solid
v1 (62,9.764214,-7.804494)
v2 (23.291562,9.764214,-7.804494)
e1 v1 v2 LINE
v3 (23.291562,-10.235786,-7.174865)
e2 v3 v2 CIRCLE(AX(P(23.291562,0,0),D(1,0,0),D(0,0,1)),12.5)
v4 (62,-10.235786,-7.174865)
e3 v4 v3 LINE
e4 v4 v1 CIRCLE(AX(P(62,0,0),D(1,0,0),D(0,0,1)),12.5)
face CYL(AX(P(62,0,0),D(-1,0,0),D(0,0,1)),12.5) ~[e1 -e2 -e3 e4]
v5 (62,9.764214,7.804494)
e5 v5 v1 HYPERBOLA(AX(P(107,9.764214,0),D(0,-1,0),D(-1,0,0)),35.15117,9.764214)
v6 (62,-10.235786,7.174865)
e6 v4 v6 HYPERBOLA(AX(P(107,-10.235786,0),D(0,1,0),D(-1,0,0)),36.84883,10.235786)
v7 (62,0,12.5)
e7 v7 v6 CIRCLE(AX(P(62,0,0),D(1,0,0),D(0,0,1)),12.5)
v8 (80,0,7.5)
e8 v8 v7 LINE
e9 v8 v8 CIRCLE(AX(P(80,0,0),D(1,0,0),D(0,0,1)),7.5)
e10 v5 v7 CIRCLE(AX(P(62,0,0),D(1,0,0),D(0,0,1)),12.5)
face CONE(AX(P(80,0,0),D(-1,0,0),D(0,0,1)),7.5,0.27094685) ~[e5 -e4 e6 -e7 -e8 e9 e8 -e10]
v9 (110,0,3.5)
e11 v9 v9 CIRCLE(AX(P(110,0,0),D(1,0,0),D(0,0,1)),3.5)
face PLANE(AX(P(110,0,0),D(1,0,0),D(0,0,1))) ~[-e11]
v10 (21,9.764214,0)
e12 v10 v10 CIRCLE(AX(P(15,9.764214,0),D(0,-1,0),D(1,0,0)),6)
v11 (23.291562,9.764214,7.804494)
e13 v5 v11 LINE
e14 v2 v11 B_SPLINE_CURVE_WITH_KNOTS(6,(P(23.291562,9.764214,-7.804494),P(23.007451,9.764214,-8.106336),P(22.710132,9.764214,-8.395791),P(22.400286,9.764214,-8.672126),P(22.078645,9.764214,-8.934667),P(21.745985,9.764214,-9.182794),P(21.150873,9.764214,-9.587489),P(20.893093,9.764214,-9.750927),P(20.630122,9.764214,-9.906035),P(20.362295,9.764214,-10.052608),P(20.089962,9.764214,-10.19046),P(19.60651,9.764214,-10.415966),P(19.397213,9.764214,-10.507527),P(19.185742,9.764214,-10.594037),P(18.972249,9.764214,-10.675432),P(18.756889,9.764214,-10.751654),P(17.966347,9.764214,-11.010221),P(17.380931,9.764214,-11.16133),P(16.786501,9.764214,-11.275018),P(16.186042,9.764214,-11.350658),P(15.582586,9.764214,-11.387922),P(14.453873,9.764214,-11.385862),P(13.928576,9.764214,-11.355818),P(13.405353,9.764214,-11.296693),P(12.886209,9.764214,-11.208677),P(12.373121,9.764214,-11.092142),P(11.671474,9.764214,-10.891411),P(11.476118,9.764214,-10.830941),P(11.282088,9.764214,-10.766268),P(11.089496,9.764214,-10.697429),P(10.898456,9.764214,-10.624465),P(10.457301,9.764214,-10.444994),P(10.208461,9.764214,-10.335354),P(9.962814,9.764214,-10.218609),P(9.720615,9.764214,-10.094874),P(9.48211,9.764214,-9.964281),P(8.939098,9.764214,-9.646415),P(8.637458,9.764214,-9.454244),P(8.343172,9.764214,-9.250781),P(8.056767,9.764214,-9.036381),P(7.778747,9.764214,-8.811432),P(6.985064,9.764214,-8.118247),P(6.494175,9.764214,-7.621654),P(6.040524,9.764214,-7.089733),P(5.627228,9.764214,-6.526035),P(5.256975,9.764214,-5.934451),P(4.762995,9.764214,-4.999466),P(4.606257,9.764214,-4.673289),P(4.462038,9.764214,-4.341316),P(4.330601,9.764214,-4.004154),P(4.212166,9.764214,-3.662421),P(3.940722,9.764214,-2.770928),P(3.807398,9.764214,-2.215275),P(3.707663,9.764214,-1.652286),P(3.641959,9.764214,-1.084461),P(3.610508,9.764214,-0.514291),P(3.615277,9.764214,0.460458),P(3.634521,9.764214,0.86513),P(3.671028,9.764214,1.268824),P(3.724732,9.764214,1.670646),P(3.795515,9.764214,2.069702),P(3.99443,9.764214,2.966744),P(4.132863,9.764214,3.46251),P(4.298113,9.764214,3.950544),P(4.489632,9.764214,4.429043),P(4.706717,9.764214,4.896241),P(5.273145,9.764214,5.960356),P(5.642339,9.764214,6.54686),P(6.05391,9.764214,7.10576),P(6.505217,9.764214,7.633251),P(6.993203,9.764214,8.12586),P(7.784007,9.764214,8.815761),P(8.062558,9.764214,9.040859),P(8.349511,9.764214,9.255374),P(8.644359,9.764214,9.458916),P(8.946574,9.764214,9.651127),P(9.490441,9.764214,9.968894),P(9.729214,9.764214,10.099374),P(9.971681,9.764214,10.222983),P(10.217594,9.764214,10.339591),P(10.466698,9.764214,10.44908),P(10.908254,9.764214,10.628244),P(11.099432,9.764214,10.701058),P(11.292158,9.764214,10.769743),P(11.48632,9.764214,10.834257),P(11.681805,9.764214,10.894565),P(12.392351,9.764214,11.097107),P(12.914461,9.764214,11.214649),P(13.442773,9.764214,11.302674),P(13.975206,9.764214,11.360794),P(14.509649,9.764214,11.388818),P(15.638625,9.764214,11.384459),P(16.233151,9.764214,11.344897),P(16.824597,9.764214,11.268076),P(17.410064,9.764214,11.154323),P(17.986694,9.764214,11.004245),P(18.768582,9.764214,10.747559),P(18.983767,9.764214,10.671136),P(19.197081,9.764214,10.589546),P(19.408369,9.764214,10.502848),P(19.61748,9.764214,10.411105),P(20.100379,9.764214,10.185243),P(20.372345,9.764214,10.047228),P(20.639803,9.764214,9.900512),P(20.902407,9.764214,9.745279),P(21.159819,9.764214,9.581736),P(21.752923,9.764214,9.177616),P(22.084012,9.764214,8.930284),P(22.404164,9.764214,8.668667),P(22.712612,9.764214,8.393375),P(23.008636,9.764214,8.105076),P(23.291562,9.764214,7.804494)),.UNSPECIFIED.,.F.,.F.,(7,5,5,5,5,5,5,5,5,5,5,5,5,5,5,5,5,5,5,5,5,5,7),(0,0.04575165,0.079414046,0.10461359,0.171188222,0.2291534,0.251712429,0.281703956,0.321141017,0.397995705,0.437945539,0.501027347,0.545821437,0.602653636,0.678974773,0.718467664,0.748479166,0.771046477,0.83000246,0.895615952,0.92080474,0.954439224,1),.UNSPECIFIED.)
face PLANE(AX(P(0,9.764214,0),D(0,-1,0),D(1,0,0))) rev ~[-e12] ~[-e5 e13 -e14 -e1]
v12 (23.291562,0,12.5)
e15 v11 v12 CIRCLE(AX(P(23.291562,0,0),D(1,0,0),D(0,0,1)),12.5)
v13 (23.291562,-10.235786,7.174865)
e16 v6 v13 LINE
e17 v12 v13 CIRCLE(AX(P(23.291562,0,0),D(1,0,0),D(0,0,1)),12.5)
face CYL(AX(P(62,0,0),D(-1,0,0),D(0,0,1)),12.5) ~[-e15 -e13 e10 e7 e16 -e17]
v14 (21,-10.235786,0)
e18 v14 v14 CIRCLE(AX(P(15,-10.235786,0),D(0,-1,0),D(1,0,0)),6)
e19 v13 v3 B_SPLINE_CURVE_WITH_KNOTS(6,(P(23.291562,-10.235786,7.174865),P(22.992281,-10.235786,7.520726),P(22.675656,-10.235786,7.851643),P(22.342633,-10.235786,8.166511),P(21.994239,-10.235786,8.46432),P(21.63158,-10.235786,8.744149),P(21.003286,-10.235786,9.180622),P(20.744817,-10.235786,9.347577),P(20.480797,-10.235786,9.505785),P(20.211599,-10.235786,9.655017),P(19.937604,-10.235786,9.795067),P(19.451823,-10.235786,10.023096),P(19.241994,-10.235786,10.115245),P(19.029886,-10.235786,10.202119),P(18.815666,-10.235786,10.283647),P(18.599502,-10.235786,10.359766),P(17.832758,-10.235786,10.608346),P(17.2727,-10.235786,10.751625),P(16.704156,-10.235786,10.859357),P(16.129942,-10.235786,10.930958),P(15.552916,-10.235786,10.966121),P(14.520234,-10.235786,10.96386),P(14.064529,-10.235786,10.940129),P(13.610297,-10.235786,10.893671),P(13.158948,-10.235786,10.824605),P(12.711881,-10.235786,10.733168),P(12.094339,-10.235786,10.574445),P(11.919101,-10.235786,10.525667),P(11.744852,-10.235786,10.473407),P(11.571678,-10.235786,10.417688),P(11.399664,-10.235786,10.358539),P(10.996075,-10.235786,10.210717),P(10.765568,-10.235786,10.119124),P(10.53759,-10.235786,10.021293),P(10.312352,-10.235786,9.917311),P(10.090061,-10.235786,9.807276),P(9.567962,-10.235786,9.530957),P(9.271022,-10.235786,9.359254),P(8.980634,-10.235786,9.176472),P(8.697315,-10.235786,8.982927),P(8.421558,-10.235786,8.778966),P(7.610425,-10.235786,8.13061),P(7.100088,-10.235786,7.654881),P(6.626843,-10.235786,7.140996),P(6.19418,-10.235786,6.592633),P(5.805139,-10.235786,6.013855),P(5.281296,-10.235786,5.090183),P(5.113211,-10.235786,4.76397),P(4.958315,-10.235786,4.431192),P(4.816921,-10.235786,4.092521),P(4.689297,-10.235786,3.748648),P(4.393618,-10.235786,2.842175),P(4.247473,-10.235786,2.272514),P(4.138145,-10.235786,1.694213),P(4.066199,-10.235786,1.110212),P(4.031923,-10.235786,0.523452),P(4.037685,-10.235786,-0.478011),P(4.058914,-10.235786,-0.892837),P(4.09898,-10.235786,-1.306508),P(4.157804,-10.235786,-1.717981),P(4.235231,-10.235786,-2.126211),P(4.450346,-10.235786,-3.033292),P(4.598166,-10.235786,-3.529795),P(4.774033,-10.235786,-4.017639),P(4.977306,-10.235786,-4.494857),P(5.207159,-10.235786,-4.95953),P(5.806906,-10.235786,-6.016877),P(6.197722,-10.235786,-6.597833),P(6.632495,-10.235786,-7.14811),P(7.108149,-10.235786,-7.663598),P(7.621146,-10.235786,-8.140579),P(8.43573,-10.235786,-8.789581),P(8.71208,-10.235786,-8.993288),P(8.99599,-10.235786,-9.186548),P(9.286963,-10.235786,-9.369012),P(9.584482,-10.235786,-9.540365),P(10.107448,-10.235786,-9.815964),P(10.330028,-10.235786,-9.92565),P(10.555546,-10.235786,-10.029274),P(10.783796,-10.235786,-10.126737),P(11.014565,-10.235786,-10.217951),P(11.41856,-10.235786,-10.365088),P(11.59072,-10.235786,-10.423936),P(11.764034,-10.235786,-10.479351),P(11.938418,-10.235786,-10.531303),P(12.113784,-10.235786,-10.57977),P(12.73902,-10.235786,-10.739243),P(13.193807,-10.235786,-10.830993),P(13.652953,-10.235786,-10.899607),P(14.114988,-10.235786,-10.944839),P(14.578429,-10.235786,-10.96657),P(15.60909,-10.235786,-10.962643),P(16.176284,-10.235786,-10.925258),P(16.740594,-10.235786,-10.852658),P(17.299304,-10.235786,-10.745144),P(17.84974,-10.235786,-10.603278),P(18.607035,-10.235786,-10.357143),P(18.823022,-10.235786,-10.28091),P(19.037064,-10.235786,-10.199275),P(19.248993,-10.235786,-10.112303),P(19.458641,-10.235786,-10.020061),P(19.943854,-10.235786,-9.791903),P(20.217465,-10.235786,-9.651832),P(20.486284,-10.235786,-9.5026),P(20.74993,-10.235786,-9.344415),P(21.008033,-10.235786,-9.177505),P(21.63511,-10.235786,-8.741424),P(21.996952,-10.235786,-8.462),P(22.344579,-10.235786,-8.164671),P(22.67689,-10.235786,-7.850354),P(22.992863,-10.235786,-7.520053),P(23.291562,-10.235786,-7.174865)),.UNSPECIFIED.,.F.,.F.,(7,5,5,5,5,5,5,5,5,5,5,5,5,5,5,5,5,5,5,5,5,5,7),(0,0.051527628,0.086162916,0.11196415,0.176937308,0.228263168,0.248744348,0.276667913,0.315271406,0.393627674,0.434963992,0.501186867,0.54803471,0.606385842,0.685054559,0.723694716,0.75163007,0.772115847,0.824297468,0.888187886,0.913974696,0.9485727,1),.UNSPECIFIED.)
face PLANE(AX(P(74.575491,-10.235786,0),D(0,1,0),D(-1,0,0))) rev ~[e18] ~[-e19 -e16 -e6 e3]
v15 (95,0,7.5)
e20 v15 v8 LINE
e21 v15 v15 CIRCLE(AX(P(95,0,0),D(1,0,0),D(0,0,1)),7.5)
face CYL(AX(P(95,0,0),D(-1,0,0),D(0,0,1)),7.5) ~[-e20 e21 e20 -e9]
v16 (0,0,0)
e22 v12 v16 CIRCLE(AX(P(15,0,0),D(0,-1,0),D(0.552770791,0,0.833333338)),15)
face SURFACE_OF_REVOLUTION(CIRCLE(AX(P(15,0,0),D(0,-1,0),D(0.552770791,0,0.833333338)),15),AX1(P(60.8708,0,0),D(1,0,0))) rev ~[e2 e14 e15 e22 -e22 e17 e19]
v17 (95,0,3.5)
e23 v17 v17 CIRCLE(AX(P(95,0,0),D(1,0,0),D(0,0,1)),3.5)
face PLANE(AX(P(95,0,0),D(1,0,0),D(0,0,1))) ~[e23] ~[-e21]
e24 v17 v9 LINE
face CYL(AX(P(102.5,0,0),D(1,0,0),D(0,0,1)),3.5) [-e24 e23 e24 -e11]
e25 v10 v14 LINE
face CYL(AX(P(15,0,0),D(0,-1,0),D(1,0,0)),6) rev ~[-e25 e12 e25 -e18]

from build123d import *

# Parameters (mm, degrees)
F0_W     = 15
F0_H     = 3.5
F2_R     = 6
F3_DEPTH = 50
F5_DEPTH = 25


with BuildPart() as f1:
    # F0 (on Front) → F1 (revolve)
    with BuildSketch(Plane.XZ):
        with BuildLine():
            Line((62, 12.5), (23.291562, 12.5))
            ThreePointArc((23.291562, 12.5), (7.906814, 13.21691), (0, 0))
            Line((0, 0), (62, 0))
            Line((62, 0), (62, 12.5))
        make_face()
        Polygon((80, 7.5), (62, 12.5), (62, 0), (80, 0), align=None)
        Polygon((95, 7.5), (80, 7.5), (80, 0), (95, 0), (95, 3.5), align=None)
        with Locations((102.5, 1.75)):
            Rectangle(F0_W, F0_H)
    revolve(axis=Axis((60.8708, 0, 0), (1, 0, 0)))

    # F2 (on Front) → F3 (cut, symmetric)
    with BuildSketch(Plane.XZ):
        with Locations((15, 0)):
            Circle(F2_R)
    extrude(amount=F3_DEPTH, both=True, mode=Mode.SUBTRACT)

    # F4 (on Top) → F5 (cut, symmetric)
    with BuildSketch(Plane.XY):
        Polygon((0, -10.235786), (0, 0), (0, 9.764214), (74.575491, 9.764214), (74.575491, 15), (-74.575491, 15), (-74.575491, -15), (74.575491, -15), (74.575491, -10.235786), align=None)
    extrude(amount=F5_DEPTH, both=True, mode=Mode.SUBTRACT)


solid = f1.part
